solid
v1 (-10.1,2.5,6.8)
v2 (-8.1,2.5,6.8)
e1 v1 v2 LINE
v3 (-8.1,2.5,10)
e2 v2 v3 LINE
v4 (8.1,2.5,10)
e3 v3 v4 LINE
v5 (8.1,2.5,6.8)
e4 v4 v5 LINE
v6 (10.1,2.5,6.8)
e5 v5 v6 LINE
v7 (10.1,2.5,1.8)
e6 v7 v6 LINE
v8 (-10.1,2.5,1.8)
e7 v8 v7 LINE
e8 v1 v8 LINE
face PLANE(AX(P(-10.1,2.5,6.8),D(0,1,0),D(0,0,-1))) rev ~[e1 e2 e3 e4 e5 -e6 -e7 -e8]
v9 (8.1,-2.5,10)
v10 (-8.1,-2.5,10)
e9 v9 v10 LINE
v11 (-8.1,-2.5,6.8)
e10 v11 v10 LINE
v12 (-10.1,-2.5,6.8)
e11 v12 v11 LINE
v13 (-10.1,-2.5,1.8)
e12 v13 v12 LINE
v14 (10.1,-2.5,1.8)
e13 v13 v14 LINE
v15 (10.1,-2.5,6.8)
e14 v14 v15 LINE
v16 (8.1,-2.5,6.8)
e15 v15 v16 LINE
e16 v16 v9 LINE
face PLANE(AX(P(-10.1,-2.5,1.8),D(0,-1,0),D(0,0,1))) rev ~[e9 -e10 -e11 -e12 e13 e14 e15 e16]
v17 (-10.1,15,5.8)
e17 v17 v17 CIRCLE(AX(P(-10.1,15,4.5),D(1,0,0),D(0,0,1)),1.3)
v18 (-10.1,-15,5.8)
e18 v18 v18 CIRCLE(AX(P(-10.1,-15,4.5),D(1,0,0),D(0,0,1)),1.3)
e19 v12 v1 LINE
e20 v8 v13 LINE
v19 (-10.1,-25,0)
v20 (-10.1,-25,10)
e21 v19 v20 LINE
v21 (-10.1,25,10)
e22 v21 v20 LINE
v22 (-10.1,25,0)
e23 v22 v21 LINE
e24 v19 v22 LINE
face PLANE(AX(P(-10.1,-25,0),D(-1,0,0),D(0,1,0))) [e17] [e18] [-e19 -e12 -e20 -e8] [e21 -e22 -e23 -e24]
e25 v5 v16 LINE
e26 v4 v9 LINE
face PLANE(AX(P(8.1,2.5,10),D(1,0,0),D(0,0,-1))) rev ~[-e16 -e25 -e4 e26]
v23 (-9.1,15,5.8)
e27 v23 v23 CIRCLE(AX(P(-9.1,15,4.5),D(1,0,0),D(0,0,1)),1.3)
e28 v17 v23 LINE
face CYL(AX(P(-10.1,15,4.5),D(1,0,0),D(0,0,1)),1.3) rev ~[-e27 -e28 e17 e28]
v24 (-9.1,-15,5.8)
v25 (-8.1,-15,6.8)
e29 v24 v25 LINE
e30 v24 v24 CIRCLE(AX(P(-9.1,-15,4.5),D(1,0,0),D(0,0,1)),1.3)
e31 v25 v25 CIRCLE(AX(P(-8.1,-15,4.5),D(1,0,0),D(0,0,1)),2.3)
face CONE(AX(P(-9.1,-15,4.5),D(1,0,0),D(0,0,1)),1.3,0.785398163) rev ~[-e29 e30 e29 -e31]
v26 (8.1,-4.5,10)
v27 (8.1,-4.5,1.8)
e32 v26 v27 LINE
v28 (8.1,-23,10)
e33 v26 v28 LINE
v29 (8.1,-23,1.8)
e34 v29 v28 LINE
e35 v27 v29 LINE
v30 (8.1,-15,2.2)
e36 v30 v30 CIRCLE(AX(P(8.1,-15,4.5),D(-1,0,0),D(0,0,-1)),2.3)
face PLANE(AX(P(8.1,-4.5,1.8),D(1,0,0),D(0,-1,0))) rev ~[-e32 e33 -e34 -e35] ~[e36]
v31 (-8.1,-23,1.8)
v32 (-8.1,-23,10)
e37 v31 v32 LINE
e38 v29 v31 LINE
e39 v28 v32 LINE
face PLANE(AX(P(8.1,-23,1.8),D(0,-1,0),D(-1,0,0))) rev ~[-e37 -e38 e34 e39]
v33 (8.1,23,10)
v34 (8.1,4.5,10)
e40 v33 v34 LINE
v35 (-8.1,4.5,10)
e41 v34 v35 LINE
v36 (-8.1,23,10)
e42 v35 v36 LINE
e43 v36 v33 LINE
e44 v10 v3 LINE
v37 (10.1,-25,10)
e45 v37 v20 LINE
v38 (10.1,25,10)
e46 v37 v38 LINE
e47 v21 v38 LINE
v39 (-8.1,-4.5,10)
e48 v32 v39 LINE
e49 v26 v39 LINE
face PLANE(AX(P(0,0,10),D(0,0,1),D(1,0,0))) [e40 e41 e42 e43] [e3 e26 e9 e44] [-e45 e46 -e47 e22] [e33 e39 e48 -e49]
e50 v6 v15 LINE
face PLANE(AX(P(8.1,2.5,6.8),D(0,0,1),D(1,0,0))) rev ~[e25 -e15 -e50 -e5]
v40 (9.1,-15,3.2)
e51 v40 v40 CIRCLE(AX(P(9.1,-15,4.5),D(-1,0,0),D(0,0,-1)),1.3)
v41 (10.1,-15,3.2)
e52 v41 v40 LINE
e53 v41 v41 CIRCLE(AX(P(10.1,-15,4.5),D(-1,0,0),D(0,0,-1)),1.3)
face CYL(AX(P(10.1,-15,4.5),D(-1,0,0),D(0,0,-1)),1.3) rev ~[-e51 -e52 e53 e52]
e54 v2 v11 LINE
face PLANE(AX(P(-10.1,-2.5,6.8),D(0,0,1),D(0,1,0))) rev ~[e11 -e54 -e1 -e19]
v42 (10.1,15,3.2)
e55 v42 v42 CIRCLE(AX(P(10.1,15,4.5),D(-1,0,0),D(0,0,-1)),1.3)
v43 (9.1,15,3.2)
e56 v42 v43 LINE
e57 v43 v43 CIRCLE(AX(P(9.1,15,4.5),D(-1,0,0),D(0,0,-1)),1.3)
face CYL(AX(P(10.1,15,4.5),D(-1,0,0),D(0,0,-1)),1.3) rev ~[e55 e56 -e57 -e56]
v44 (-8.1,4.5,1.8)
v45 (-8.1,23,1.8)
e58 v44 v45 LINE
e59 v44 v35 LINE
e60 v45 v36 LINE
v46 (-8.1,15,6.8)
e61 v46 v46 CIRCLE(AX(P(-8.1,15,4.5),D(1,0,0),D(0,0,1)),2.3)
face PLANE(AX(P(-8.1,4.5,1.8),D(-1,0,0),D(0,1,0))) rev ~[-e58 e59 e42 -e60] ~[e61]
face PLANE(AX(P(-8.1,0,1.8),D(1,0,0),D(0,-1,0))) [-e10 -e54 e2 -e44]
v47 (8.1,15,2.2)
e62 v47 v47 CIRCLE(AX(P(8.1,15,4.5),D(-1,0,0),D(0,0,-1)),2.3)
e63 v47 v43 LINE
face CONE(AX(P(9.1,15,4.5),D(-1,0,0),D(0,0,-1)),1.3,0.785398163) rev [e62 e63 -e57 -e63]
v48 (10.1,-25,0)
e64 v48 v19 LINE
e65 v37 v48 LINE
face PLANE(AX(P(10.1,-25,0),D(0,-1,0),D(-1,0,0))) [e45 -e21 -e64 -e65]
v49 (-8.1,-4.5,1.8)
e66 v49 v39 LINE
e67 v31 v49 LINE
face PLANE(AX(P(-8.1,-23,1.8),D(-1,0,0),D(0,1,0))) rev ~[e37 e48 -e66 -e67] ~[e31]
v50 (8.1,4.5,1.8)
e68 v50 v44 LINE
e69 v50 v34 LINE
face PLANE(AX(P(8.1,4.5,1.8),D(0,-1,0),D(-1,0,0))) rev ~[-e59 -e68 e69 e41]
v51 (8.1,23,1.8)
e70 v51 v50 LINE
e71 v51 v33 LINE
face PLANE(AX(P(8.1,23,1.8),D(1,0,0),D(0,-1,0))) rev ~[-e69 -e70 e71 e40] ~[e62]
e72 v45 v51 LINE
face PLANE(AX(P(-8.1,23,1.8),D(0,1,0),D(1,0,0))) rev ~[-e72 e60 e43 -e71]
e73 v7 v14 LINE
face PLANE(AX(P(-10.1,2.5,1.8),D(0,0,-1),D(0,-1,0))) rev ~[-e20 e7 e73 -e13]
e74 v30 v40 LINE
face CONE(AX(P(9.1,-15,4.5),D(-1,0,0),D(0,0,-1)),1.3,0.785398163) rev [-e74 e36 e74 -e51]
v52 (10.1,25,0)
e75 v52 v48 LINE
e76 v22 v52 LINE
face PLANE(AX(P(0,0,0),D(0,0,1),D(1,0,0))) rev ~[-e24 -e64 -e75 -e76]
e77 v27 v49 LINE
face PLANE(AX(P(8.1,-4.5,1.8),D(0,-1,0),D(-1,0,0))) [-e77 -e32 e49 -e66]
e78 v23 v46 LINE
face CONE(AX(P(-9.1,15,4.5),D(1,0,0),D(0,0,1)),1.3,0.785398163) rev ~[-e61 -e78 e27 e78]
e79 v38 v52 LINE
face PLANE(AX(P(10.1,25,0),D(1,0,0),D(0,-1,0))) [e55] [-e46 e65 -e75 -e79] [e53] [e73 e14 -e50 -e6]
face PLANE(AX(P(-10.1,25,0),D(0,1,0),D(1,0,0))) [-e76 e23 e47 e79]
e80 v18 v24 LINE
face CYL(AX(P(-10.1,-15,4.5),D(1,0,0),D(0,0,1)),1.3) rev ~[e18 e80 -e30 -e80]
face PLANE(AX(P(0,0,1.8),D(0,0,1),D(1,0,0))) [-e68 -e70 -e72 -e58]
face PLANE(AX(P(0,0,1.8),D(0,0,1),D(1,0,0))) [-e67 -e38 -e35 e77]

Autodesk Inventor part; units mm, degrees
ref_plane "YZ Plane" through (0, 0, 0) normal (1, 0, 0) x (0, 1, 0)
ref_plane "XZ Plane" through (0, 0, 0) normal (0, 1, 0) x (-1, 0, 0)
ref_plane "XY Plane" through (0, 0, 0) normal (0, 0, 1) x (1, 0, 0)
sketch "Sketch3" plane through (0, 0, 0) normal (0, 0, 1) x (1, 0, 0)
  line L0 (-10.1, 25) -> (10.1, 25)
  line L1 (10.1, 25) -> (10.1, -25)
  line L2 (10.1, -25) -> (-10.1, -25)
  line L3 (-10.1, -25) -> (-10.1, 25)
  point P0 (0, 0)
  dimension "d26" = 20.2
  dimension "d27" = 50
extrude "Extrusion3" add sketch "Sketch3" along normal blind 1.8
sketch "Sketch4" plane through (0, 0, 1.8) normal (0, 0, 1) x (1, 0, 0)
  line L0 (-8.1, 23) -> (8.1, 23)
  line L1 (8.1, -23) -> (-8.1, -23)
  line L2 (-8.1, 0) -> (-8.1, 2.5)
  line L3 (-8.1, 2.5) -> (8.1, 2.5)
  line L4 (8.1, 4.5) -> (-8.1, 4.5)
  line L5 (-8.1, 0) -> (-8.1, -2.5)
  line L6 (-8.1, -2.5) -> (8.1, -2.5)
  line L7 (8.1, -4.5) -> (-8.1, -4.5)
  line L8 (-8.1, 4.5) -> (-8.1, 23)
  line L9 (8.1, 23) -> (8.1, 4.5)
  line L10 (8.1, 2.5) -> (8.1, -2.5)
  line L11 (8.1, -4.5) -> (8.1, -23)
  line L12 (-10.1, 25) -> (-10.1, -25) projected
  line L13 (10.1, -25) -> (10.1, 25) projected
  line L14 (-10.1, 25) -> (10.1, 25)
  line L15 (10.1, 25) -> (10.1, -25)
  line L16 (10.1, -25) -> (-10.1, -25)
  line L17 (-10.1, -25) -> (-10.1, 25)
  line L18 (-8.1, -23) -> (-8.1, -4.5)
  line L19 (-8.1, -2.5) -> (-8.1, 2.5)
  point P0 (0, 0)
  dimension "d39" = 2.5
  dimension "d40" = 2.5
  dimension "d44" = 2
  dimension "d45" = 2
  dimension "d48" = 2
  dimension "d49" = 2
  dimension "d50" = 2
  dimension "d51" = 2
  dimension "d52" = 2
  dimension "d53" = 2
  dimension "d56" = 2
  dimension "d57" = 2
extrude "Extrusion4" add sketch "Sketch4" along normal blind 8.2
sketch "Sketch5" plane through (10.1, -25, 0) normal (1, 0, 0) x (0, 0, -1)
  line L0 (-1.8, 27.5) -> (-10, 27.5) projected
  line L1 (-1.8, 22.5) -> (-10, 22.5) projected
  line L2 (-10, 27.5) -> (-1.8, 27.5)
  line L3 (-1.8, 27.5) -> (-1.8, 22.5)
  line L4 (-1.8, 22.5) -> (-10, 22.5)
  line L5 (-10, 22.5) -> (-10, 27.5)
  point P0 (0, 25)
extrude "Extrusion5" cut sketch "Sketch5" against normal blind 8.2
sketch "Sketch6" plane through (-10.1, -25, 0) normal (-1, 0, 0) x (0, 0, 1)
  line L0 (1.8, 27.5) -> (1.8, 22.5) projected
  line L1 (1.8, 22.5) -> (6.8, 22.5)
  line L2 (6.8, 22.5) -> (6.8, 27.5)
  line L3 (6.8, 27.5) -> (1.8, 27.5)
  line L4 (1.8, 27.5) -> (1.8, 22.5)
  point P0 (0, 25)
  dimension "d60" = 5
  dimension "d61" = 5
extrude "Extrusion6" cut sketch "Sketch6" against normal blind 8.2
sketch "Sketch7" plane through (-10.1, -25, 0) normal (-1, 0, 0) x (0, 0, 1)
  line L0 (0, 50) -> (10, 50) projected
  line L1 (0, 0) -> (0, 50) projected
  line L2 (0, 0) -> (10, 0)
  line L3 (10, 50) -> (10, 0) projected
  line L4 (10, 29.5) -> (10, 48) projected
  line L5 (10, 20.5) -> (10, 2) projected
  point P0 (0, 25)
  point P1 (4.5, 40)
  point P2 (4.5, 10)
  dimension "d66" = 10
  dimension "d67" = 4.5
hole "Hole1" at (-10.1, 15, 4.5) at (-10.1, -15, 4.5) direction (1, 0, 0) diameter 2.6 depth 2 tip angle 118
chamfer "Chamfer3" distance 1 angle 45 2 edges at (-8.1, -15, 3.2) (-8.1, 15, 3.2)
sketch "Sketch10" plane through (10.1, -25, 0) normal (1, 0, 0) x (0, 0, -1)
  circle A0 centre (-4.5, 40) radius 2.3 projected
  circle A1 centre (-4.5, 10) radius 2.3 projected
  point P0 (0, 25)
hole "Hole6" at (10.1, -15, 4.5) at (10.1, 15, 4.5) direction (-1, 0, 0) diameter 2.6 depth 2 tip angle 118
sketch "Sketch11" plane through (-10.1, 2.5, 1.8) normal (0, -1, 0) x (1, 0, 0)
  line L0 (2, 8.2) -> (20.2, 8.2) projected
  line L1 (20.2, 8.2) -> (18.2, 8.2)
  line L2 (18.2, 8.2) -> (18.2, 5)
  line L3 (18.2, 5) -> (20.2, 5)
  line L4 (20.2, 5) -> (20.2, 8.2)
  point P0 (10.1, -1.8)
  dimension "d141" = 2
  dimension "d142" = 3.2
extrude "Extrusion9" add sketch "Sketch11" along normal blind 10
chamfer "Chamfer4" distance 1 angle 45 2 edges at (8.1, 15, 5.8) (8.1, -15, 5.8)
properties part number "digit_holder_C"
